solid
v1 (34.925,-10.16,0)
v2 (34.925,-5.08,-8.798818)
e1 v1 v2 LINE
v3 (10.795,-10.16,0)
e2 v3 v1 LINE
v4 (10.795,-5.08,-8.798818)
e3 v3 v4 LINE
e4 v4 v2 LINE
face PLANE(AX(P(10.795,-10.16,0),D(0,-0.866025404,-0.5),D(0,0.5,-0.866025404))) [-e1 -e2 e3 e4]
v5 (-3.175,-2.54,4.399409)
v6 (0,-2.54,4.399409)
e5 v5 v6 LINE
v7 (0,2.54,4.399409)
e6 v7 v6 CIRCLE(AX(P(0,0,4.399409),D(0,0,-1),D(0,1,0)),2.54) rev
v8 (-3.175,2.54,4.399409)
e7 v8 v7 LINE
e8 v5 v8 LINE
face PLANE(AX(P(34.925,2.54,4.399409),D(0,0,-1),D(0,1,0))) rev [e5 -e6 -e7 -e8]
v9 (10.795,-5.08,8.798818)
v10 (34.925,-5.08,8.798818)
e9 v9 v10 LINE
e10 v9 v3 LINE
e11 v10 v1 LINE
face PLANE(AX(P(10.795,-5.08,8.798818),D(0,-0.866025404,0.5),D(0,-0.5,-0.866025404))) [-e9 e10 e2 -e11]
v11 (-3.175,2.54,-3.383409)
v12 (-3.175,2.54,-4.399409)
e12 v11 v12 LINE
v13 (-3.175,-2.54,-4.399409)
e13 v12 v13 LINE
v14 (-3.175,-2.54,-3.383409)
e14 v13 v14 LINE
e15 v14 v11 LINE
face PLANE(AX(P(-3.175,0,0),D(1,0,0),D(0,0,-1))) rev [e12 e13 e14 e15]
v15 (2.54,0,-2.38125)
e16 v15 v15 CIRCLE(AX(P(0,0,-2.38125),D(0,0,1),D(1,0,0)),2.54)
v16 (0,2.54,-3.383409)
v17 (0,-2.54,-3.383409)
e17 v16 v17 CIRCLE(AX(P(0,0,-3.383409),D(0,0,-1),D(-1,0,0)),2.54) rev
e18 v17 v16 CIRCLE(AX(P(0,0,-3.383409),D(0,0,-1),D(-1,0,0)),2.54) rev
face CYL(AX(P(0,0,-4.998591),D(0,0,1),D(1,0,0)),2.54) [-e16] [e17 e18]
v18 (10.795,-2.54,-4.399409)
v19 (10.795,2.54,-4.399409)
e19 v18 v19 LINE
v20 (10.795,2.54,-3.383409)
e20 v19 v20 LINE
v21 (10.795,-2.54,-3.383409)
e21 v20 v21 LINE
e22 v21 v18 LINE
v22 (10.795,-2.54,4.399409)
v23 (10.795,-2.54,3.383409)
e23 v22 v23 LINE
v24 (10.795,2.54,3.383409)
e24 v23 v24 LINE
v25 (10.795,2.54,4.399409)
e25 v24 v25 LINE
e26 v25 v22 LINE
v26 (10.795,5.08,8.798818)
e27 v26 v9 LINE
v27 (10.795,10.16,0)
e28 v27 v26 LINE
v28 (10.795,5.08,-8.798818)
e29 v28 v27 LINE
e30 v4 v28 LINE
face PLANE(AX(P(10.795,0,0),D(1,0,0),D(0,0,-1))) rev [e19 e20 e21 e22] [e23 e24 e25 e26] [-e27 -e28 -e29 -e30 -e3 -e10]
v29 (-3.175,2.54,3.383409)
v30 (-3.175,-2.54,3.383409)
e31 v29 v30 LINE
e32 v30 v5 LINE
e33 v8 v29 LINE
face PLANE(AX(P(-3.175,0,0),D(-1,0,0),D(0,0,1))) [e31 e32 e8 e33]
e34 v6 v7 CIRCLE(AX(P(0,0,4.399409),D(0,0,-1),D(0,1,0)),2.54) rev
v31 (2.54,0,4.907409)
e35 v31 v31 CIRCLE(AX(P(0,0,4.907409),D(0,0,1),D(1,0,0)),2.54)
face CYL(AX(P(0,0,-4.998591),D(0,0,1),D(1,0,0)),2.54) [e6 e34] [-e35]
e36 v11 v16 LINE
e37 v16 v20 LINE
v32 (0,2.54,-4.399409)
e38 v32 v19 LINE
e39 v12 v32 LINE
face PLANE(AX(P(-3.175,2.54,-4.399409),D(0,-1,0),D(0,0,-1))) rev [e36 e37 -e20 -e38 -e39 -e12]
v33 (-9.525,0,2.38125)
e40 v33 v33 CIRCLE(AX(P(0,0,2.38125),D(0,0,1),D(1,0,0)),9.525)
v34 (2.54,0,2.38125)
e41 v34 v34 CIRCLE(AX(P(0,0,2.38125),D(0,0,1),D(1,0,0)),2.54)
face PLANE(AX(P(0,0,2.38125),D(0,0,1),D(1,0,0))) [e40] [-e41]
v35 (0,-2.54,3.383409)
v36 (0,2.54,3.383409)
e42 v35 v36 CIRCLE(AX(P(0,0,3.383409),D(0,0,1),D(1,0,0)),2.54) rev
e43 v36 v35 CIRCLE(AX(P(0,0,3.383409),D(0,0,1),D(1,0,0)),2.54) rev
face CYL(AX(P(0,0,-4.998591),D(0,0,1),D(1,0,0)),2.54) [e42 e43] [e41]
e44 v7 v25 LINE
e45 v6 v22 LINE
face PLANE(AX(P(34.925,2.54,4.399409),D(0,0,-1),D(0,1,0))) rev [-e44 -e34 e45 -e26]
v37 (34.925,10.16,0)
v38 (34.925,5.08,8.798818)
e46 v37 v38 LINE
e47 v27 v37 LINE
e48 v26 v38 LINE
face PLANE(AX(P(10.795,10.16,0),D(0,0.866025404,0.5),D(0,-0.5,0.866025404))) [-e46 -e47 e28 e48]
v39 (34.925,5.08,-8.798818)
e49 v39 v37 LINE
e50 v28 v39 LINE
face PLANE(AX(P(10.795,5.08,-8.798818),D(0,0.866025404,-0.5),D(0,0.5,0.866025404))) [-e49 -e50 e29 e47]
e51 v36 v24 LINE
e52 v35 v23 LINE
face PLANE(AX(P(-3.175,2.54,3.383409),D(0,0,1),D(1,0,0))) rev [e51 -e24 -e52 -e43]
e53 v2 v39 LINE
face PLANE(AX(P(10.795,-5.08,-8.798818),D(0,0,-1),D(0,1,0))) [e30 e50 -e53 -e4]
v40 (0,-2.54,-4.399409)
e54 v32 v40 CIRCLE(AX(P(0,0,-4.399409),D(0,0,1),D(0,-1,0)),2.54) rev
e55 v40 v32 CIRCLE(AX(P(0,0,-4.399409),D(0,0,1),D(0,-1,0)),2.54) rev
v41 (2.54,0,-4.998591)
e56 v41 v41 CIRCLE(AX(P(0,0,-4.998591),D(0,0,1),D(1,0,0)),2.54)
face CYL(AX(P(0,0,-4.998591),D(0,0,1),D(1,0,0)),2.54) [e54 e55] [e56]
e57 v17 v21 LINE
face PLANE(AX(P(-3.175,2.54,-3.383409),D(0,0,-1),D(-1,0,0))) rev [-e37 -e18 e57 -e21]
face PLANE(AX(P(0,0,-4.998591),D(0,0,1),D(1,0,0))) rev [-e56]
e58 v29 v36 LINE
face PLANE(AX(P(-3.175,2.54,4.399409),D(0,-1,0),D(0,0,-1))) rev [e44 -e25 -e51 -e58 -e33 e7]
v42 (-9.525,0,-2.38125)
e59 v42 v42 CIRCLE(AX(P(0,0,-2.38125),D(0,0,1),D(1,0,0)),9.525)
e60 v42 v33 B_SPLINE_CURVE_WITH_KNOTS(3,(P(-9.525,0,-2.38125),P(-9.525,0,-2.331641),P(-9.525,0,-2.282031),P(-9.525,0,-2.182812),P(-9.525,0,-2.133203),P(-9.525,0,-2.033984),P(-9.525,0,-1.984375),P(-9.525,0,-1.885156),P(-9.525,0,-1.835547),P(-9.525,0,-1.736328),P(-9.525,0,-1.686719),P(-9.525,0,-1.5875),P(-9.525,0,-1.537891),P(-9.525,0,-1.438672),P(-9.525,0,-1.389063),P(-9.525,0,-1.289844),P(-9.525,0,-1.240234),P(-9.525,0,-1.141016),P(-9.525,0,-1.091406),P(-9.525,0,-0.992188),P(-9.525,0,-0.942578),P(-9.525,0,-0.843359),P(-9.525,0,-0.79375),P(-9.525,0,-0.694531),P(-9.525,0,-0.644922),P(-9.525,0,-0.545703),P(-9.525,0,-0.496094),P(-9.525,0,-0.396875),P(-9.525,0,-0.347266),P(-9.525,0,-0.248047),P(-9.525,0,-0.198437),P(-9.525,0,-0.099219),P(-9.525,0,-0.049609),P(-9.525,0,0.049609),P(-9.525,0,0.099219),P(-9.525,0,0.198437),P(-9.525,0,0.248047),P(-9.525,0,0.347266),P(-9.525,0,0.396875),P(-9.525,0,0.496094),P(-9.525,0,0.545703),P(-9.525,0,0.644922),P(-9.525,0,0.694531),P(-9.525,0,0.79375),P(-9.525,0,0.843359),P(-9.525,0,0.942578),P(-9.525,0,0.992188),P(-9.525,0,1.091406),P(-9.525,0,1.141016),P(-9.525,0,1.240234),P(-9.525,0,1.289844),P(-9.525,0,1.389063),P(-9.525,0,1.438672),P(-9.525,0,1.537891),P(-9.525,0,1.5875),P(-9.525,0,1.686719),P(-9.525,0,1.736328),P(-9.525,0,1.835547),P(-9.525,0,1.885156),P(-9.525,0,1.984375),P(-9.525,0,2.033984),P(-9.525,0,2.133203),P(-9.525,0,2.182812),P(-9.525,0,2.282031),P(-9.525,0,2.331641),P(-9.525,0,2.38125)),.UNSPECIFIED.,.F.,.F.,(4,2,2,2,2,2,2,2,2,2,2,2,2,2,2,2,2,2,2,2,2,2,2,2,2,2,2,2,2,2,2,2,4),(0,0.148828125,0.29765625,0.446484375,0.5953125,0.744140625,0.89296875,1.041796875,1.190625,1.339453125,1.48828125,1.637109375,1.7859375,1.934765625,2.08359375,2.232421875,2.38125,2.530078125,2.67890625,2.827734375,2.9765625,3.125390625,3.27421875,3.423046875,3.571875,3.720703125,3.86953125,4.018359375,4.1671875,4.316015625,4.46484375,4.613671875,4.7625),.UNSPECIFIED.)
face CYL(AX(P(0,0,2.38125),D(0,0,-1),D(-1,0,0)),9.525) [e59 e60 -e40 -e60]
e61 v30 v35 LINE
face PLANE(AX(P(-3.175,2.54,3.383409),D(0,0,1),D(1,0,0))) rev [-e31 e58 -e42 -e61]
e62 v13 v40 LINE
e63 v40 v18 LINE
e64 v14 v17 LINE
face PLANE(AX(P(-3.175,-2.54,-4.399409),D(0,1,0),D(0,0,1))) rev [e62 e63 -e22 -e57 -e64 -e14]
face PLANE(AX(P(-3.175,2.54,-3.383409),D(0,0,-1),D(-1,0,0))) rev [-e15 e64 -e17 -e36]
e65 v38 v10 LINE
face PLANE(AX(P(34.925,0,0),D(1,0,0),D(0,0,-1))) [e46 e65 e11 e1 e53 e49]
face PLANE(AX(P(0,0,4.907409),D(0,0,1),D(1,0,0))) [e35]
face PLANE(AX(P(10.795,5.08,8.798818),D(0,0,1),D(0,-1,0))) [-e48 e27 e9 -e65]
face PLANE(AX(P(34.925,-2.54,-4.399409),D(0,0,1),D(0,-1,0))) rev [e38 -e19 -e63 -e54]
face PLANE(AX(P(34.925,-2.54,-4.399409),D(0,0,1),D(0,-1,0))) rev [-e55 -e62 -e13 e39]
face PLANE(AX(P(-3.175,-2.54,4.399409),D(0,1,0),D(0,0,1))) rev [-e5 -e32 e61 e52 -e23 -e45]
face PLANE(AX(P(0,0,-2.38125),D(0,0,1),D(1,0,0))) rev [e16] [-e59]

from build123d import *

# Parameters (mm, degrees)
SKETCH3_R                = 9.525
BOSS_EXTRUDE1_DEPTH      = 2.38125
BOSS_EXTRUDE4_DEPTH      = 25.4
SKETCH7_W                = 5.08
SKETCH7_H                = 1.016
BOSS_EXTRUDE5_DEPTH      = 12.7
CUT_EXTRUDE1_DEPTH       = 1.27
BOSS_EXTRUDE6_DEPTH      = 0.508
BOSS_EXTRUDE6_DEPTH_BACK = 9.398
SKETCH11_R               = 2.54
BOSS_EXTRUDE7_DEPTH      = 24.13


with BuildPart() as part:
    # Sketch3 → Boss-Extrude1 (new, symmetric)
    with BuildSketch(Plane(origin=(0, 0, 0), x_dir=(0, 1, 0), z_dir=(0, 0, 1))):
        with Locations(Location((0, 0, 0), (0, 0, 90))):
            Circle(SKETCH3_R)
    extrude(amount=BOSS_EXTRUDE1_DEPTH, both=True)



with BuildPart() as body_2:
    # Sketch6 → Boss-Extrude4 (new body)
    with BuildSketch(Plane.YZ.offset(9.525)):
        Polygon((-5.08, 0), (-2.54, -4.399409051), (2.54, -4.399409051), (5.08, 0), (2.54, 4.399409051), (-2.54, 4.399409051), align=None)
    extrude(amount=BOSS_EXTRUDE4_DEPTH)

    # Sketch7 → Boss-Extrude5 (add)
    with BuildSketch(Plane(origin=(9.525, 0, 0), x_dir=(0, -1, 0), z_dir=(-1, 0, 0))):
        with Locations((0, 3.891409051)):
            Rectangle(SKETCH7_W, SKETCH7_H)
        with Locations((0, -3.891409051)):
            Rectangle(SKETCH7_W, SKETCH7_H)
    extrude(amount=BOSS_EXTRUDE5_DEPTH)

    # Sketch10 → Cut-Extrude1 (cut)
    with BuildSketch(Plane(origin=(9.525, 0, 0), x_dir=(0, -1, 0), z_dir=(-1, 0, 0))):
        Polygon((-2.54, 4.399409051), (-5.08, 0), (-2.54, -4.399409051), (-2.54, -3.383409051), (2.54, -3.383409051), (2.54, -4.399409051), (5.08, 0), (2.54, 4.399409051), (2.54, 3.383409051), (-2.54, 3.383409051), align=None)
    extrude(amount=-CUT_EXTRUDE1_DEPTH, mode=Mode.SUBTRACT)


with BuildPart() as part_1:
    add(part.part)

    add(body_2.part)  # Boss-Extrude6 merges body 2
    # Sketch11 → Boss-Extrude6 (add, two sides: drawn at the far end of the back side and taken through both)
    with BuildSketch(Plane.XY.offset(4.399409051).offset(-BOSS_EXTRUDE6_DEPTH_BACK)):
        Circle(SKETCH11_R)
    extrude(amount=BOSS_EXTRUDE6_DEPTH + BOSS_EXTRUDE6_DEPTH_BACK)

    # Sketch12 → Boss-Extrude7 (add)
    with BuildSketch(Plane.YZ.offset(34.925)):
        Polygon((-10.16, 0), (-5.08, -8.798818102), (5.08, -8.798818102), (10.16, 0), (5.08, 8.798818102), (-5.08, 8.798818102), align=None)
    extrude(amount=-BOSS_EXTRUDE7_DEPTH)


solid = part_1.part
